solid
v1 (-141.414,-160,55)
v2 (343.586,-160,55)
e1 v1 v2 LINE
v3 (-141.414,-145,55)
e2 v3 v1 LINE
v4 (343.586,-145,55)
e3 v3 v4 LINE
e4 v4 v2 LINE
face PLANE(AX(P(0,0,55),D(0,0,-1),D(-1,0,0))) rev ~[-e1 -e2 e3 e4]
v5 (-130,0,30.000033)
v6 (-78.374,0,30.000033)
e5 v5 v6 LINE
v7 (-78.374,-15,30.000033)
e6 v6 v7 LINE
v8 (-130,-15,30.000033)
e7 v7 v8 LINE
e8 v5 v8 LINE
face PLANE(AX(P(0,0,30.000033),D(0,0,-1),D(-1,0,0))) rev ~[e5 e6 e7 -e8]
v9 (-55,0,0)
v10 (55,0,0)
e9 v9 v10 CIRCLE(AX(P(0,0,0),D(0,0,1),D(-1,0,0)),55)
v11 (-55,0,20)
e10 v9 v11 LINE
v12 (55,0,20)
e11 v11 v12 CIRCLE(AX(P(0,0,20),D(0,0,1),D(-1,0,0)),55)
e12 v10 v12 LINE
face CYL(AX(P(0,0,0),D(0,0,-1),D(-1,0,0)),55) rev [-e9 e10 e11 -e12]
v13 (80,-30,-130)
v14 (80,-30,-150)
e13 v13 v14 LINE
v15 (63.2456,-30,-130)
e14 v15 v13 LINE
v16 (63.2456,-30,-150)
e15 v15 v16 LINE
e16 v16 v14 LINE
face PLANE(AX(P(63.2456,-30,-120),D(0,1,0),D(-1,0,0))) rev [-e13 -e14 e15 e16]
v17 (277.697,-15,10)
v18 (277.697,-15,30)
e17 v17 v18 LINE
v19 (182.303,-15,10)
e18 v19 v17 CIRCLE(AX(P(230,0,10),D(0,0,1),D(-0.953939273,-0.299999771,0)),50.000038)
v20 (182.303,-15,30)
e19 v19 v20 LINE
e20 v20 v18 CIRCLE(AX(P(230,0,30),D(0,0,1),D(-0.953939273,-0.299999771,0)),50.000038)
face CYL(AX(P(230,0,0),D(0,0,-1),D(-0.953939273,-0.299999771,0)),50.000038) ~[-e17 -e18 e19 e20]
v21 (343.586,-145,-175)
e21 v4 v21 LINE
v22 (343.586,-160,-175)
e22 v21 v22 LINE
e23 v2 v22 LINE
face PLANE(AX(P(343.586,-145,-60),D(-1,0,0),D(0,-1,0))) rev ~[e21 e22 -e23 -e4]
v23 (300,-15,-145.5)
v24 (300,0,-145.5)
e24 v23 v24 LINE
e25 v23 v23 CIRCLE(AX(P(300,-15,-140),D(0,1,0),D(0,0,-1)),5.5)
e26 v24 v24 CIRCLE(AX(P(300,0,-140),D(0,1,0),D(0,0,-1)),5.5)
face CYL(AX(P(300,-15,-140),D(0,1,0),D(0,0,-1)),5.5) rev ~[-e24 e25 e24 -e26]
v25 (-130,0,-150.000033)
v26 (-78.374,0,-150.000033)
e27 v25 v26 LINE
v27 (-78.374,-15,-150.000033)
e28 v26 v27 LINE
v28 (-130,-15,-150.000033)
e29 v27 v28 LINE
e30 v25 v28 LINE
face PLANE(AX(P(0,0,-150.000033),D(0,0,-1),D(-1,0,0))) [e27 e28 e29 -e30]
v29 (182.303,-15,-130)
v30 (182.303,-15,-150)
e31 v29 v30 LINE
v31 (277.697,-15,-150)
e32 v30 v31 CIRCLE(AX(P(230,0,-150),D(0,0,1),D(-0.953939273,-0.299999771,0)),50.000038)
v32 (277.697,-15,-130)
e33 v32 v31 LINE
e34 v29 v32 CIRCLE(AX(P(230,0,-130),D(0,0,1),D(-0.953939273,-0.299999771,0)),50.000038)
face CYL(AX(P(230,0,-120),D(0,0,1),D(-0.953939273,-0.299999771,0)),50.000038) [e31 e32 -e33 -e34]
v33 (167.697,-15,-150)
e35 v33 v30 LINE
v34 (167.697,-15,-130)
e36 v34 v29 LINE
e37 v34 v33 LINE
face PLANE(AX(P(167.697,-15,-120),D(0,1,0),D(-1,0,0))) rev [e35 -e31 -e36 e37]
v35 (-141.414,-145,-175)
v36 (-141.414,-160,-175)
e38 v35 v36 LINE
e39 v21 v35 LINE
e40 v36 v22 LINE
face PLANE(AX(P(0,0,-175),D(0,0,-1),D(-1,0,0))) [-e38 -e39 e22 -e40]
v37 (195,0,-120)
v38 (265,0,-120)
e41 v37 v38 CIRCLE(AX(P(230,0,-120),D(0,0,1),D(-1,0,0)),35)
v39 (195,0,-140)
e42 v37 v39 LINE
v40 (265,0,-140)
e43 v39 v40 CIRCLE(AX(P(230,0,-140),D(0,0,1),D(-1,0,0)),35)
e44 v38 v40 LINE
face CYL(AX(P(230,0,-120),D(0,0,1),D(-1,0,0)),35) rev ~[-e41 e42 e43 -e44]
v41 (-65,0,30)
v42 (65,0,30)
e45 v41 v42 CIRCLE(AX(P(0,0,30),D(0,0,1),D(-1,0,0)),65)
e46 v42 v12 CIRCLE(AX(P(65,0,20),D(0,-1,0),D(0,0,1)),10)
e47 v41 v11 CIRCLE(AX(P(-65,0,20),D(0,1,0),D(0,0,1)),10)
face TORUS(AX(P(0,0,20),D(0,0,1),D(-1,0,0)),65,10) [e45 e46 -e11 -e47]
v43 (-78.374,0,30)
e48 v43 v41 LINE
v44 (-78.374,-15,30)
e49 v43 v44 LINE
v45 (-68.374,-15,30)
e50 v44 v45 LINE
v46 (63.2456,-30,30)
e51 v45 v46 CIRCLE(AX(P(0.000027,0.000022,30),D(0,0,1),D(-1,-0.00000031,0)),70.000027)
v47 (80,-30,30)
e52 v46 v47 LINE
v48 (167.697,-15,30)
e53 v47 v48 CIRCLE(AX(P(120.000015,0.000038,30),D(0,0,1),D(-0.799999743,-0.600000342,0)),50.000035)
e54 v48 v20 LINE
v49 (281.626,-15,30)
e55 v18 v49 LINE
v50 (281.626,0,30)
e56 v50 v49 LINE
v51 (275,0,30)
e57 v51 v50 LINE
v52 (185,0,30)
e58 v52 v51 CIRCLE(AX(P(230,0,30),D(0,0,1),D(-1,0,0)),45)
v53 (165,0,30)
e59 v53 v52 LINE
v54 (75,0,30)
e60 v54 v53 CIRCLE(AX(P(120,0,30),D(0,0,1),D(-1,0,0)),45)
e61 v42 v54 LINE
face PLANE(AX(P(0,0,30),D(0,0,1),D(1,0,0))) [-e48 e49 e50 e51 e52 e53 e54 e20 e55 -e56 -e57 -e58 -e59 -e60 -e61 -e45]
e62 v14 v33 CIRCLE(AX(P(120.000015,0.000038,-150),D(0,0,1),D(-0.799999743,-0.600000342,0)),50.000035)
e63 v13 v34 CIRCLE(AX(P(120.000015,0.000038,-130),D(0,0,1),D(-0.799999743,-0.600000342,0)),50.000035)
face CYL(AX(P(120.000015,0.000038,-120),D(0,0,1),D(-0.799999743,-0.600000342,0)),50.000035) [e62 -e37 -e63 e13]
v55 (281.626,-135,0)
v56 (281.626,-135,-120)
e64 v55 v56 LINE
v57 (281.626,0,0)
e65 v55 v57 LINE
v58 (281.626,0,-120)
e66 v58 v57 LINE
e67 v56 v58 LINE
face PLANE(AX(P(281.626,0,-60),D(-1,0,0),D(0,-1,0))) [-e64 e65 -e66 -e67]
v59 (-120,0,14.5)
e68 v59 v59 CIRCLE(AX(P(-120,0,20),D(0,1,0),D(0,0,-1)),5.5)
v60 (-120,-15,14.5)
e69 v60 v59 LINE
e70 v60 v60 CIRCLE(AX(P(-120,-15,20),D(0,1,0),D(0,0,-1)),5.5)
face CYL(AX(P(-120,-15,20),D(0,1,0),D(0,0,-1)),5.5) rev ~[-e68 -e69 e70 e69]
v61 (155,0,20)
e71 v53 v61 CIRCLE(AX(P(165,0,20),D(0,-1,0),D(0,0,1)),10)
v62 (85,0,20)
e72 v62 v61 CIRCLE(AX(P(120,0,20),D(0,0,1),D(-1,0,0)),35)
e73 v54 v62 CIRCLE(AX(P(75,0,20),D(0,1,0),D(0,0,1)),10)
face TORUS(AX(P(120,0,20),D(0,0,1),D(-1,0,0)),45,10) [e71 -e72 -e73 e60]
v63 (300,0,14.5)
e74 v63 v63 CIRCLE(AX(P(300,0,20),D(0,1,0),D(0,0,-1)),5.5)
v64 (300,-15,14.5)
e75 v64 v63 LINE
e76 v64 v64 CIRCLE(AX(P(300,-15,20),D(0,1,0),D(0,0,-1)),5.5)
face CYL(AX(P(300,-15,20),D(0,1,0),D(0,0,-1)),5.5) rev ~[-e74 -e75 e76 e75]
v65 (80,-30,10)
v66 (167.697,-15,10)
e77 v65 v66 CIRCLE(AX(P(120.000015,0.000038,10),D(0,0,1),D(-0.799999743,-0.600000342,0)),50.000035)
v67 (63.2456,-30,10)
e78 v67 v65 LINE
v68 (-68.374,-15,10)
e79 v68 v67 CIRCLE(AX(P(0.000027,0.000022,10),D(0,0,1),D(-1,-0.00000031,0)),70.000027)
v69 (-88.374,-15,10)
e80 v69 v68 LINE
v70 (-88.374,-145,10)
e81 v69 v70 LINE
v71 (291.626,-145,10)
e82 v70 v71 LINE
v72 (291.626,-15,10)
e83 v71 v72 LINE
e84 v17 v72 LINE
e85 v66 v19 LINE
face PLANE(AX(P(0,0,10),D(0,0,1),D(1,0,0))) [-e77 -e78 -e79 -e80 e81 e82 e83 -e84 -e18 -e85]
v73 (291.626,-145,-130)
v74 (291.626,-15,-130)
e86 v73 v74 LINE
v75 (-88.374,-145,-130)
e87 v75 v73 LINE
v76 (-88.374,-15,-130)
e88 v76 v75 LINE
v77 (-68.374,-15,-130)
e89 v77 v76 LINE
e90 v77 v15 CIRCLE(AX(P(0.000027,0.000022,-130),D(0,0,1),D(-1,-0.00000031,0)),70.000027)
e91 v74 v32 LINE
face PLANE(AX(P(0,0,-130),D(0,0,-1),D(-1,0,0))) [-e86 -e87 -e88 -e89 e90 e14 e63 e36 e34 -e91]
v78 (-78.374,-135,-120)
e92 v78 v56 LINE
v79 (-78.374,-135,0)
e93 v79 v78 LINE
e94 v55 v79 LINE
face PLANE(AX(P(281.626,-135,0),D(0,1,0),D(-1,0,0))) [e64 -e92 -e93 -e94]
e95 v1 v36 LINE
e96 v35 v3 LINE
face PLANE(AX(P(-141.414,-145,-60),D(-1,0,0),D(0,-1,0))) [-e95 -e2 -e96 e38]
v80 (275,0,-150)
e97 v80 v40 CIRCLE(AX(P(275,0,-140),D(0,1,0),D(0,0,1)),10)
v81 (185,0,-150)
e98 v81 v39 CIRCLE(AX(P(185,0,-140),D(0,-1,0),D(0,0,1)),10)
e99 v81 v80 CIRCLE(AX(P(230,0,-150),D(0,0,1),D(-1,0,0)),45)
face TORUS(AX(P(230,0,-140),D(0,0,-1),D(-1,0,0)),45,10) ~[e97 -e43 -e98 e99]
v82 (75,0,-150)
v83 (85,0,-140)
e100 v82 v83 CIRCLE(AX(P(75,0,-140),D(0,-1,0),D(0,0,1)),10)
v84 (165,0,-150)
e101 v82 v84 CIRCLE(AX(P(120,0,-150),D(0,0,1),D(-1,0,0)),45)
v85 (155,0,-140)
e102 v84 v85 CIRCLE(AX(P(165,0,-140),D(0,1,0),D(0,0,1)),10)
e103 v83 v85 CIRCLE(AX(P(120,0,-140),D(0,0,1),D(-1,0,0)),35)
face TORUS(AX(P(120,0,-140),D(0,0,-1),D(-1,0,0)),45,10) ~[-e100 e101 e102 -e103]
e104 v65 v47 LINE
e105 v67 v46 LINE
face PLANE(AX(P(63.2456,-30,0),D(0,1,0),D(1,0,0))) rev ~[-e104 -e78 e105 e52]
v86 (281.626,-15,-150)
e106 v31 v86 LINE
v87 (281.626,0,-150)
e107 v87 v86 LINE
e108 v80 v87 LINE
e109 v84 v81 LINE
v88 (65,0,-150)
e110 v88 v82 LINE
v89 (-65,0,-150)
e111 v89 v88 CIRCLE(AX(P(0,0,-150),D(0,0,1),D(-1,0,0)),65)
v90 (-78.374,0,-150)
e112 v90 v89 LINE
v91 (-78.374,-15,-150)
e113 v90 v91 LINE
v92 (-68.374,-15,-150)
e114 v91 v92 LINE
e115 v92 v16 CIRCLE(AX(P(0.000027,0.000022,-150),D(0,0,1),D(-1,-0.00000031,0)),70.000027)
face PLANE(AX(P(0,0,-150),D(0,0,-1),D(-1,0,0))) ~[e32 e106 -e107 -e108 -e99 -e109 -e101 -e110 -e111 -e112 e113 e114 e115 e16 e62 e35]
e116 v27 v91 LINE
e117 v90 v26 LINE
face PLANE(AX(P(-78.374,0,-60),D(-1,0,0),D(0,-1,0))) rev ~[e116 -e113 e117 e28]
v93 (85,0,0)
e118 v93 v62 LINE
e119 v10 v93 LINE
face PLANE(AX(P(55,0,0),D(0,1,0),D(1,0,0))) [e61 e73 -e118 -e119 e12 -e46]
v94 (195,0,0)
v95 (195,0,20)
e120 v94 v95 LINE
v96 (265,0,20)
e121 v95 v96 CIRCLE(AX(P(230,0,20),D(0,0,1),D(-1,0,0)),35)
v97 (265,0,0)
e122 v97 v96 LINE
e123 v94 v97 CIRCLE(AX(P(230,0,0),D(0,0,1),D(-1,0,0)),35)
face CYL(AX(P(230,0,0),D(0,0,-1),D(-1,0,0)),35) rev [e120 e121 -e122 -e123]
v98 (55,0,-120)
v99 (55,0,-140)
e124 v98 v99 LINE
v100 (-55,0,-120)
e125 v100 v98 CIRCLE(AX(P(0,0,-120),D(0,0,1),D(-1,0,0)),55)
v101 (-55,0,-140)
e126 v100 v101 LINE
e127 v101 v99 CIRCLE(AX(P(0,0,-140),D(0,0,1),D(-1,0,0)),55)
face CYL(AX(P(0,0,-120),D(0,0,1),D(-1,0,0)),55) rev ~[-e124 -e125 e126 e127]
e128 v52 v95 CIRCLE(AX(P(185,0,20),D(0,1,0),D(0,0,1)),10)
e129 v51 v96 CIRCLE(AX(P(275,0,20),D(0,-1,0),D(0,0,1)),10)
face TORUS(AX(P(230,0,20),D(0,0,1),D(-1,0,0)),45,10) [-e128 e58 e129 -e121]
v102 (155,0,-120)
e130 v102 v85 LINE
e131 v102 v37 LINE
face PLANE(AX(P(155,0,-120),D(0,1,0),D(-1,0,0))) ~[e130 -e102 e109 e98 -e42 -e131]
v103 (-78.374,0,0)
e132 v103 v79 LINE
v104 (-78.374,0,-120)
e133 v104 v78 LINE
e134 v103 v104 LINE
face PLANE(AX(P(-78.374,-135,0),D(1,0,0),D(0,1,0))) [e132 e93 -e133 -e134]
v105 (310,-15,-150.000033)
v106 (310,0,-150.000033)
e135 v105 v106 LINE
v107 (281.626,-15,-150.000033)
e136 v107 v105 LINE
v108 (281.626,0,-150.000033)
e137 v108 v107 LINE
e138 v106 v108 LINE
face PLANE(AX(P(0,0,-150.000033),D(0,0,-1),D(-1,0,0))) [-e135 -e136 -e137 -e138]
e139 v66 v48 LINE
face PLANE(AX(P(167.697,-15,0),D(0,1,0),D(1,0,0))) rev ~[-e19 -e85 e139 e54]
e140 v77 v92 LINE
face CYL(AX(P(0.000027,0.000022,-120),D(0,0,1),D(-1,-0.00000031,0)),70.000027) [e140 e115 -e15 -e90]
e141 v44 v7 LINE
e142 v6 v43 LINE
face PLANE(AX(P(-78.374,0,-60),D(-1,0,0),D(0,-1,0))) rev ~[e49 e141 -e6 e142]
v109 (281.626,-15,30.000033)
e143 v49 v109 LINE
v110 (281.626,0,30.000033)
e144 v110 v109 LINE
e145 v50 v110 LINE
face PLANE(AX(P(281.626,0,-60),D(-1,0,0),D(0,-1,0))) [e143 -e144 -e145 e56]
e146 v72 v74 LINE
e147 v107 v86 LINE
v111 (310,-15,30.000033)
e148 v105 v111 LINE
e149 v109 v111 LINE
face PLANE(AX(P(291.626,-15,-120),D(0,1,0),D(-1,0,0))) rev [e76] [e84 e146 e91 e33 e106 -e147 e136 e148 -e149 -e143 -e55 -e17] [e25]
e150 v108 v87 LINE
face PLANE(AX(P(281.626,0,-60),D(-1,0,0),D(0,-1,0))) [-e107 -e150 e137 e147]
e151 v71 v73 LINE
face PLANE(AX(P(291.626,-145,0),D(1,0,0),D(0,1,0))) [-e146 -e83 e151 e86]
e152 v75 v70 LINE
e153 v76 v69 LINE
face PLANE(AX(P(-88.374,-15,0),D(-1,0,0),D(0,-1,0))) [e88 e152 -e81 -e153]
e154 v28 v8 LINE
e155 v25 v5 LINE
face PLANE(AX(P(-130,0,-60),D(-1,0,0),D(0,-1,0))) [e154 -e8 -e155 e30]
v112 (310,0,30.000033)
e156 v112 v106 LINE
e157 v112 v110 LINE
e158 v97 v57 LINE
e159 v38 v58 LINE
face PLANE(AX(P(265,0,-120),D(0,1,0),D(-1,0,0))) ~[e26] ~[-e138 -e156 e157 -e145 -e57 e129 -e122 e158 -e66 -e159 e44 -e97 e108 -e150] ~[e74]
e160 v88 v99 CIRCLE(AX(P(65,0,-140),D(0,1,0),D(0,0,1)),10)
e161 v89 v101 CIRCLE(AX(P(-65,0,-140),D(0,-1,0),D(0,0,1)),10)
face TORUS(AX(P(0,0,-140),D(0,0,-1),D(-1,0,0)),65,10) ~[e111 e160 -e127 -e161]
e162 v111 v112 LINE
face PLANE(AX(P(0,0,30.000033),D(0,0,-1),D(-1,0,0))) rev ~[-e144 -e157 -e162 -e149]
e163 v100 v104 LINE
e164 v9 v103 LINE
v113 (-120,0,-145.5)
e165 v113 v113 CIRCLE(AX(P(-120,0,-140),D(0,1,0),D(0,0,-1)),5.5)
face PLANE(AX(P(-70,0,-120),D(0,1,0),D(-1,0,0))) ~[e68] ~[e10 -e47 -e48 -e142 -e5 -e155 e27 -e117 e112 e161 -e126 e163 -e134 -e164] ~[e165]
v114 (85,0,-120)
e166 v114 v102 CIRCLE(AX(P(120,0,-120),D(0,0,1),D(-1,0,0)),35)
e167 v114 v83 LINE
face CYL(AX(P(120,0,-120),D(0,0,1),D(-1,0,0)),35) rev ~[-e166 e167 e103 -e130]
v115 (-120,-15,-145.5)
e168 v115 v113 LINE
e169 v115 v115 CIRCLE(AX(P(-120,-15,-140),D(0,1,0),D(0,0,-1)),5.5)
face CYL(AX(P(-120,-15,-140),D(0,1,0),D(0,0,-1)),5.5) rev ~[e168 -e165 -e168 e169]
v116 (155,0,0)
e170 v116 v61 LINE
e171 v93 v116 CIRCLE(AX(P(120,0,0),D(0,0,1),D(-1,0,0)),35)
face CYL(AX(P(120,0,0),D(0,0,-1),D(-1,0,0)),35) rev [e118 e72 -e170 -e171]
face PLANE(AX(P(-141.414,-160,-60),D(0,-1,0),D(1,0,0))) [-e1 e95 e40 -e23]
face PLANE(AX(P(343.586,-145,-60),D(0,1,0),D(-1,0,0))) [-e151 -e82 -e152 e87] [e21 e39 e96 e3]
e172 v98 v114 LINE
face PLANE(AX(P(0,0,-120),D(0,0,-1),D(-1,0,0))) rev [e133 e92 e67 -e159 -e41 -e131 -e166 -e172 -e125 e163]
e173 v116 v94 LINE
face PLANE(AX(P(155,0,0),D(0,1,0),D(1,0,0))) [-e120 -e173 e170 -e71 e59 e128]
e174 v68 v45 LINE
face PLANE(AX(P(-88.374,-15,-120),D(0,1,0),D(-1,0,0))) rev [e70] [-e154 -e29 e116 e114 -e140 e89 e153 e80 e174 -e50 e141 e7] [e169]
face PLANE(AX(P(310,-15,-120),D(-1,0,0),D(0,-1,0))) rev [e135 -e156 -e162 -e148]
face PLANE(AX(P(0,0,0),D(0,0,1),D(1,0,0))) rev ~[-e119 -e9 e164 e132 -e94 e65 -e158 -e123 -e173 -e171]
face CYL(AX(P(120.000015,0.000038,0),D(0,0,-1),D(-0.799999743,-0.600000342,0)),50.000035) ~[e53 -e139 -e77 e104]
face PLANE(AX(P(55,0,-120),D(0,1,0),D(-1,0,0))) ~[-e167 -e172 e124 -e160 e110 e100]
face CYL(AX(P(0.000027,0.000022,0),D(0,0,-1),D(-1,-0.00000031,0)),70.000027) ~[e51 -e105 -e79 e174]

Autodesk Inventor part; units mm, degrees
ref_plane "YZ Plane" through (0, 0, 0) normal (1, 0, 0) x (0, 1, 0)
ref_plane "XZ Plane" through (0, 0, 0) normal (0, 1, 0) x (-1, 0, 0)
sketch "Sketch1" plane through (0, 0, 0) normal (0, 0, 1) x (1, 0, 0)
  arc A0 (-55, 0) -> (55, 0) centre (0, 0) ccw
  arc A1 (-70, 0) -> (63.2456, -30) centre (0, 0) ccw
  arc A2 (85, 0) -> (155, 0) centre (120, 0) ccw
  arc A3 (80, -30) -> (167.697, -15) centre (120, 0) ccw
  arc A4 (195, 0) -> (265, 0) centre (230, 0) ccw
  arc A5 (182.303, -15) -> (277.697, -15) centre (230, 0) ccw
  line L0 (-130, 0) -> (-130, -15)
  line L1 (310, -15) -> (310, 0)
  line L2 (-130, -15) -> (-68.374, -15)
  line L3 (-130, 0) -> (-55, 0)
  line L4 (63.2456, -30) -> (80, -30)
  line L5 (167.697, -15) -> (182.303, -15)
  line L6 (277.697, -15) -> (310, -15)
  line L7 (265, 0) -> (310, 0)
  line L8 (55, 0) -> (85, 0)
  line L9 (155, 0) -> (195, 0)
  line L10 (-88.374, -15) -> (-88.374, -145)
  line L11 (-88.374, -145) -> (291.626, -145)
  line L12 (291.626, -145) -> (291.626, -15)
  dimension "d0" = 110
  dimension "d1" = 140
  dimension "d2" = 70
  dimension "d3" = 100
  dimension "d4" = 70
  dimension "d5" = 100
  dimension "d8" = 440
  dimension "d9" = 130
  dimension "d10" = 15
  dimension "d12" = 130
  dimension "d13" = 380
  dimension "d14" = 20
extrude "Extrusion1" add sketch "Sketch1" along normal blind 30 contours A0 L8 A2 L9 A4 L7 L1 L6 A5 L5 A3 L4 A1 L3 | A1 L2 L0 L3
extrude "Extrusion2" add sketch "Sketch1" along normal blind 10 contours A1 L4 A3 L5 A5 L6 L12 L11 L10 L2
sketch "Sketch2" plane through (0, 0, 0) normal (0, 0, -1) x (-1, 0, 0)
  line L0 (-291.626, -145) -> (-291.626, -15) projected
  line L1 (88.374, -145) -> (-291.626, -145) projected
  line L2 (88.374, -15) -> (88.374, -145) projected
  line L3 (-281.626, -15) -> (-281.626, -135)
  line L4 (-281.626, -135) -> (78.374, -135)
  line L5 (78.374, -135) -> (78.374, -15)
  line L6 (-291.626, -15) -> (-310, -15) projected
  line L7 (130, -15) -> (88.374, -15) projected
  line L8 (-291.626, -15) -> (-281.626, -15)
  line L9 (78.374, -15) -> (88.374, -15)
  point P0 (0, 0)
  dimension "d19" = 10
extrude "Extrusion3" add sketch "Sketch2" along normal blind 130
ref_plane "Work Plane1" through (0, 0, -60) normal (0, 0, -1) x (-1, 0, 0)
mirror "Mirror1" about plane through (0, 0, -60) normal (0, 0, -1) of "Extrusion1", "Extrusion2"
sketch "Sketch3" plane through (0, 0, -60) normal (0, 0, -1) x (-1, 0, 0)
  line L0 (78.374, -135) -> (78.374, -15) projected
  line L1 (130, 0) -> (130, -15) projected
  line L2 (78.374, -15) -> (130, -15)
  line L3 (130, -15) -> (130, 0)
  line L4 (130, 0) -> (78.374, 0)
  line L5 (78.374, 0) -> (78.374, -15)
  line L6 (-281.626, -15) -> (-281.626, -135) projected
  line L7 (-310, 0) -> (-265, 0) projected
  line L8 (-281.626, -15) -> (-310, -15)
  line L9 (-310, -15) -> (-310, 0)
  line L10 (-310, 0) -> (-281.626, 0)
  line L11 (-281.626, 0) -> (-281.626, -15)
  point P0 (0, 0)
extrude "Extrusion4" add sketch "Sketch3" along normal through all both and the other way through all
sketch "Sketch4" plane through (0, 0, -60) normal (0, 0, -1) x (-1, 0, 0)
  line L0 (-291.626, -15) -> (-291.626, -145) projected
  line L1 (-343.586, -145) -> (141.414, -145)
  line L2 (141.414, -145) -> (141.414, -160)
  line L3 (141.414, -160) -> (-343.586, -160)
  line L4 (-343.586, -145) -> (-343.586, -160)
  point P0 (0, 0)
  dimension "d29" = 51.96
  dimension "d30" = 485
  dimension "d31" = 15
extrude "Extrusion5" add sketch "Sketch4" along normal mid plane 230
fillet "Fillet1" radius 10 6 edges at (0, -55, 30) (120, -35, 30) (230, -35, 30) (230, -35, -150) (120, -35, -150) (0, -55, -150)
sketch "Sketch5" plane through (-130, -15, 30) normal (0, -1, 0) x (1, 0, 0)
  point P0 (10, -10)
hole "Hole1" at (-120, -15, 20) direction (0, 1, 0) diameter 11 depth 15
sketch "Sketch6" plane through (-130, -15, 30) normal (0, -1, 0) x (1, 0, 0)
  point P0 (10, -170)
hole "Hole2" at (-120, -15, -140) direction (0, 1, 0) diameter 11 depth 15
sketch "Sketch7" plane through (277.697, -15, 30) normal (0, -1, 0) x (1, 0, 0)
  point P0 (22.303, -10)
hole "Hole3" at (300, -15, 20) direction (0, 1, 0) diameter 11 depth 15
sketch "Sketch8" plane through (277.697, -15, 30) normal (0, -1, 0) x (1, 0, 0)
  point P0 (22.303, -170)
hole "Hole4" at (300, -15, -140) direction (0, 1, 0) diameter 11 depth 15
